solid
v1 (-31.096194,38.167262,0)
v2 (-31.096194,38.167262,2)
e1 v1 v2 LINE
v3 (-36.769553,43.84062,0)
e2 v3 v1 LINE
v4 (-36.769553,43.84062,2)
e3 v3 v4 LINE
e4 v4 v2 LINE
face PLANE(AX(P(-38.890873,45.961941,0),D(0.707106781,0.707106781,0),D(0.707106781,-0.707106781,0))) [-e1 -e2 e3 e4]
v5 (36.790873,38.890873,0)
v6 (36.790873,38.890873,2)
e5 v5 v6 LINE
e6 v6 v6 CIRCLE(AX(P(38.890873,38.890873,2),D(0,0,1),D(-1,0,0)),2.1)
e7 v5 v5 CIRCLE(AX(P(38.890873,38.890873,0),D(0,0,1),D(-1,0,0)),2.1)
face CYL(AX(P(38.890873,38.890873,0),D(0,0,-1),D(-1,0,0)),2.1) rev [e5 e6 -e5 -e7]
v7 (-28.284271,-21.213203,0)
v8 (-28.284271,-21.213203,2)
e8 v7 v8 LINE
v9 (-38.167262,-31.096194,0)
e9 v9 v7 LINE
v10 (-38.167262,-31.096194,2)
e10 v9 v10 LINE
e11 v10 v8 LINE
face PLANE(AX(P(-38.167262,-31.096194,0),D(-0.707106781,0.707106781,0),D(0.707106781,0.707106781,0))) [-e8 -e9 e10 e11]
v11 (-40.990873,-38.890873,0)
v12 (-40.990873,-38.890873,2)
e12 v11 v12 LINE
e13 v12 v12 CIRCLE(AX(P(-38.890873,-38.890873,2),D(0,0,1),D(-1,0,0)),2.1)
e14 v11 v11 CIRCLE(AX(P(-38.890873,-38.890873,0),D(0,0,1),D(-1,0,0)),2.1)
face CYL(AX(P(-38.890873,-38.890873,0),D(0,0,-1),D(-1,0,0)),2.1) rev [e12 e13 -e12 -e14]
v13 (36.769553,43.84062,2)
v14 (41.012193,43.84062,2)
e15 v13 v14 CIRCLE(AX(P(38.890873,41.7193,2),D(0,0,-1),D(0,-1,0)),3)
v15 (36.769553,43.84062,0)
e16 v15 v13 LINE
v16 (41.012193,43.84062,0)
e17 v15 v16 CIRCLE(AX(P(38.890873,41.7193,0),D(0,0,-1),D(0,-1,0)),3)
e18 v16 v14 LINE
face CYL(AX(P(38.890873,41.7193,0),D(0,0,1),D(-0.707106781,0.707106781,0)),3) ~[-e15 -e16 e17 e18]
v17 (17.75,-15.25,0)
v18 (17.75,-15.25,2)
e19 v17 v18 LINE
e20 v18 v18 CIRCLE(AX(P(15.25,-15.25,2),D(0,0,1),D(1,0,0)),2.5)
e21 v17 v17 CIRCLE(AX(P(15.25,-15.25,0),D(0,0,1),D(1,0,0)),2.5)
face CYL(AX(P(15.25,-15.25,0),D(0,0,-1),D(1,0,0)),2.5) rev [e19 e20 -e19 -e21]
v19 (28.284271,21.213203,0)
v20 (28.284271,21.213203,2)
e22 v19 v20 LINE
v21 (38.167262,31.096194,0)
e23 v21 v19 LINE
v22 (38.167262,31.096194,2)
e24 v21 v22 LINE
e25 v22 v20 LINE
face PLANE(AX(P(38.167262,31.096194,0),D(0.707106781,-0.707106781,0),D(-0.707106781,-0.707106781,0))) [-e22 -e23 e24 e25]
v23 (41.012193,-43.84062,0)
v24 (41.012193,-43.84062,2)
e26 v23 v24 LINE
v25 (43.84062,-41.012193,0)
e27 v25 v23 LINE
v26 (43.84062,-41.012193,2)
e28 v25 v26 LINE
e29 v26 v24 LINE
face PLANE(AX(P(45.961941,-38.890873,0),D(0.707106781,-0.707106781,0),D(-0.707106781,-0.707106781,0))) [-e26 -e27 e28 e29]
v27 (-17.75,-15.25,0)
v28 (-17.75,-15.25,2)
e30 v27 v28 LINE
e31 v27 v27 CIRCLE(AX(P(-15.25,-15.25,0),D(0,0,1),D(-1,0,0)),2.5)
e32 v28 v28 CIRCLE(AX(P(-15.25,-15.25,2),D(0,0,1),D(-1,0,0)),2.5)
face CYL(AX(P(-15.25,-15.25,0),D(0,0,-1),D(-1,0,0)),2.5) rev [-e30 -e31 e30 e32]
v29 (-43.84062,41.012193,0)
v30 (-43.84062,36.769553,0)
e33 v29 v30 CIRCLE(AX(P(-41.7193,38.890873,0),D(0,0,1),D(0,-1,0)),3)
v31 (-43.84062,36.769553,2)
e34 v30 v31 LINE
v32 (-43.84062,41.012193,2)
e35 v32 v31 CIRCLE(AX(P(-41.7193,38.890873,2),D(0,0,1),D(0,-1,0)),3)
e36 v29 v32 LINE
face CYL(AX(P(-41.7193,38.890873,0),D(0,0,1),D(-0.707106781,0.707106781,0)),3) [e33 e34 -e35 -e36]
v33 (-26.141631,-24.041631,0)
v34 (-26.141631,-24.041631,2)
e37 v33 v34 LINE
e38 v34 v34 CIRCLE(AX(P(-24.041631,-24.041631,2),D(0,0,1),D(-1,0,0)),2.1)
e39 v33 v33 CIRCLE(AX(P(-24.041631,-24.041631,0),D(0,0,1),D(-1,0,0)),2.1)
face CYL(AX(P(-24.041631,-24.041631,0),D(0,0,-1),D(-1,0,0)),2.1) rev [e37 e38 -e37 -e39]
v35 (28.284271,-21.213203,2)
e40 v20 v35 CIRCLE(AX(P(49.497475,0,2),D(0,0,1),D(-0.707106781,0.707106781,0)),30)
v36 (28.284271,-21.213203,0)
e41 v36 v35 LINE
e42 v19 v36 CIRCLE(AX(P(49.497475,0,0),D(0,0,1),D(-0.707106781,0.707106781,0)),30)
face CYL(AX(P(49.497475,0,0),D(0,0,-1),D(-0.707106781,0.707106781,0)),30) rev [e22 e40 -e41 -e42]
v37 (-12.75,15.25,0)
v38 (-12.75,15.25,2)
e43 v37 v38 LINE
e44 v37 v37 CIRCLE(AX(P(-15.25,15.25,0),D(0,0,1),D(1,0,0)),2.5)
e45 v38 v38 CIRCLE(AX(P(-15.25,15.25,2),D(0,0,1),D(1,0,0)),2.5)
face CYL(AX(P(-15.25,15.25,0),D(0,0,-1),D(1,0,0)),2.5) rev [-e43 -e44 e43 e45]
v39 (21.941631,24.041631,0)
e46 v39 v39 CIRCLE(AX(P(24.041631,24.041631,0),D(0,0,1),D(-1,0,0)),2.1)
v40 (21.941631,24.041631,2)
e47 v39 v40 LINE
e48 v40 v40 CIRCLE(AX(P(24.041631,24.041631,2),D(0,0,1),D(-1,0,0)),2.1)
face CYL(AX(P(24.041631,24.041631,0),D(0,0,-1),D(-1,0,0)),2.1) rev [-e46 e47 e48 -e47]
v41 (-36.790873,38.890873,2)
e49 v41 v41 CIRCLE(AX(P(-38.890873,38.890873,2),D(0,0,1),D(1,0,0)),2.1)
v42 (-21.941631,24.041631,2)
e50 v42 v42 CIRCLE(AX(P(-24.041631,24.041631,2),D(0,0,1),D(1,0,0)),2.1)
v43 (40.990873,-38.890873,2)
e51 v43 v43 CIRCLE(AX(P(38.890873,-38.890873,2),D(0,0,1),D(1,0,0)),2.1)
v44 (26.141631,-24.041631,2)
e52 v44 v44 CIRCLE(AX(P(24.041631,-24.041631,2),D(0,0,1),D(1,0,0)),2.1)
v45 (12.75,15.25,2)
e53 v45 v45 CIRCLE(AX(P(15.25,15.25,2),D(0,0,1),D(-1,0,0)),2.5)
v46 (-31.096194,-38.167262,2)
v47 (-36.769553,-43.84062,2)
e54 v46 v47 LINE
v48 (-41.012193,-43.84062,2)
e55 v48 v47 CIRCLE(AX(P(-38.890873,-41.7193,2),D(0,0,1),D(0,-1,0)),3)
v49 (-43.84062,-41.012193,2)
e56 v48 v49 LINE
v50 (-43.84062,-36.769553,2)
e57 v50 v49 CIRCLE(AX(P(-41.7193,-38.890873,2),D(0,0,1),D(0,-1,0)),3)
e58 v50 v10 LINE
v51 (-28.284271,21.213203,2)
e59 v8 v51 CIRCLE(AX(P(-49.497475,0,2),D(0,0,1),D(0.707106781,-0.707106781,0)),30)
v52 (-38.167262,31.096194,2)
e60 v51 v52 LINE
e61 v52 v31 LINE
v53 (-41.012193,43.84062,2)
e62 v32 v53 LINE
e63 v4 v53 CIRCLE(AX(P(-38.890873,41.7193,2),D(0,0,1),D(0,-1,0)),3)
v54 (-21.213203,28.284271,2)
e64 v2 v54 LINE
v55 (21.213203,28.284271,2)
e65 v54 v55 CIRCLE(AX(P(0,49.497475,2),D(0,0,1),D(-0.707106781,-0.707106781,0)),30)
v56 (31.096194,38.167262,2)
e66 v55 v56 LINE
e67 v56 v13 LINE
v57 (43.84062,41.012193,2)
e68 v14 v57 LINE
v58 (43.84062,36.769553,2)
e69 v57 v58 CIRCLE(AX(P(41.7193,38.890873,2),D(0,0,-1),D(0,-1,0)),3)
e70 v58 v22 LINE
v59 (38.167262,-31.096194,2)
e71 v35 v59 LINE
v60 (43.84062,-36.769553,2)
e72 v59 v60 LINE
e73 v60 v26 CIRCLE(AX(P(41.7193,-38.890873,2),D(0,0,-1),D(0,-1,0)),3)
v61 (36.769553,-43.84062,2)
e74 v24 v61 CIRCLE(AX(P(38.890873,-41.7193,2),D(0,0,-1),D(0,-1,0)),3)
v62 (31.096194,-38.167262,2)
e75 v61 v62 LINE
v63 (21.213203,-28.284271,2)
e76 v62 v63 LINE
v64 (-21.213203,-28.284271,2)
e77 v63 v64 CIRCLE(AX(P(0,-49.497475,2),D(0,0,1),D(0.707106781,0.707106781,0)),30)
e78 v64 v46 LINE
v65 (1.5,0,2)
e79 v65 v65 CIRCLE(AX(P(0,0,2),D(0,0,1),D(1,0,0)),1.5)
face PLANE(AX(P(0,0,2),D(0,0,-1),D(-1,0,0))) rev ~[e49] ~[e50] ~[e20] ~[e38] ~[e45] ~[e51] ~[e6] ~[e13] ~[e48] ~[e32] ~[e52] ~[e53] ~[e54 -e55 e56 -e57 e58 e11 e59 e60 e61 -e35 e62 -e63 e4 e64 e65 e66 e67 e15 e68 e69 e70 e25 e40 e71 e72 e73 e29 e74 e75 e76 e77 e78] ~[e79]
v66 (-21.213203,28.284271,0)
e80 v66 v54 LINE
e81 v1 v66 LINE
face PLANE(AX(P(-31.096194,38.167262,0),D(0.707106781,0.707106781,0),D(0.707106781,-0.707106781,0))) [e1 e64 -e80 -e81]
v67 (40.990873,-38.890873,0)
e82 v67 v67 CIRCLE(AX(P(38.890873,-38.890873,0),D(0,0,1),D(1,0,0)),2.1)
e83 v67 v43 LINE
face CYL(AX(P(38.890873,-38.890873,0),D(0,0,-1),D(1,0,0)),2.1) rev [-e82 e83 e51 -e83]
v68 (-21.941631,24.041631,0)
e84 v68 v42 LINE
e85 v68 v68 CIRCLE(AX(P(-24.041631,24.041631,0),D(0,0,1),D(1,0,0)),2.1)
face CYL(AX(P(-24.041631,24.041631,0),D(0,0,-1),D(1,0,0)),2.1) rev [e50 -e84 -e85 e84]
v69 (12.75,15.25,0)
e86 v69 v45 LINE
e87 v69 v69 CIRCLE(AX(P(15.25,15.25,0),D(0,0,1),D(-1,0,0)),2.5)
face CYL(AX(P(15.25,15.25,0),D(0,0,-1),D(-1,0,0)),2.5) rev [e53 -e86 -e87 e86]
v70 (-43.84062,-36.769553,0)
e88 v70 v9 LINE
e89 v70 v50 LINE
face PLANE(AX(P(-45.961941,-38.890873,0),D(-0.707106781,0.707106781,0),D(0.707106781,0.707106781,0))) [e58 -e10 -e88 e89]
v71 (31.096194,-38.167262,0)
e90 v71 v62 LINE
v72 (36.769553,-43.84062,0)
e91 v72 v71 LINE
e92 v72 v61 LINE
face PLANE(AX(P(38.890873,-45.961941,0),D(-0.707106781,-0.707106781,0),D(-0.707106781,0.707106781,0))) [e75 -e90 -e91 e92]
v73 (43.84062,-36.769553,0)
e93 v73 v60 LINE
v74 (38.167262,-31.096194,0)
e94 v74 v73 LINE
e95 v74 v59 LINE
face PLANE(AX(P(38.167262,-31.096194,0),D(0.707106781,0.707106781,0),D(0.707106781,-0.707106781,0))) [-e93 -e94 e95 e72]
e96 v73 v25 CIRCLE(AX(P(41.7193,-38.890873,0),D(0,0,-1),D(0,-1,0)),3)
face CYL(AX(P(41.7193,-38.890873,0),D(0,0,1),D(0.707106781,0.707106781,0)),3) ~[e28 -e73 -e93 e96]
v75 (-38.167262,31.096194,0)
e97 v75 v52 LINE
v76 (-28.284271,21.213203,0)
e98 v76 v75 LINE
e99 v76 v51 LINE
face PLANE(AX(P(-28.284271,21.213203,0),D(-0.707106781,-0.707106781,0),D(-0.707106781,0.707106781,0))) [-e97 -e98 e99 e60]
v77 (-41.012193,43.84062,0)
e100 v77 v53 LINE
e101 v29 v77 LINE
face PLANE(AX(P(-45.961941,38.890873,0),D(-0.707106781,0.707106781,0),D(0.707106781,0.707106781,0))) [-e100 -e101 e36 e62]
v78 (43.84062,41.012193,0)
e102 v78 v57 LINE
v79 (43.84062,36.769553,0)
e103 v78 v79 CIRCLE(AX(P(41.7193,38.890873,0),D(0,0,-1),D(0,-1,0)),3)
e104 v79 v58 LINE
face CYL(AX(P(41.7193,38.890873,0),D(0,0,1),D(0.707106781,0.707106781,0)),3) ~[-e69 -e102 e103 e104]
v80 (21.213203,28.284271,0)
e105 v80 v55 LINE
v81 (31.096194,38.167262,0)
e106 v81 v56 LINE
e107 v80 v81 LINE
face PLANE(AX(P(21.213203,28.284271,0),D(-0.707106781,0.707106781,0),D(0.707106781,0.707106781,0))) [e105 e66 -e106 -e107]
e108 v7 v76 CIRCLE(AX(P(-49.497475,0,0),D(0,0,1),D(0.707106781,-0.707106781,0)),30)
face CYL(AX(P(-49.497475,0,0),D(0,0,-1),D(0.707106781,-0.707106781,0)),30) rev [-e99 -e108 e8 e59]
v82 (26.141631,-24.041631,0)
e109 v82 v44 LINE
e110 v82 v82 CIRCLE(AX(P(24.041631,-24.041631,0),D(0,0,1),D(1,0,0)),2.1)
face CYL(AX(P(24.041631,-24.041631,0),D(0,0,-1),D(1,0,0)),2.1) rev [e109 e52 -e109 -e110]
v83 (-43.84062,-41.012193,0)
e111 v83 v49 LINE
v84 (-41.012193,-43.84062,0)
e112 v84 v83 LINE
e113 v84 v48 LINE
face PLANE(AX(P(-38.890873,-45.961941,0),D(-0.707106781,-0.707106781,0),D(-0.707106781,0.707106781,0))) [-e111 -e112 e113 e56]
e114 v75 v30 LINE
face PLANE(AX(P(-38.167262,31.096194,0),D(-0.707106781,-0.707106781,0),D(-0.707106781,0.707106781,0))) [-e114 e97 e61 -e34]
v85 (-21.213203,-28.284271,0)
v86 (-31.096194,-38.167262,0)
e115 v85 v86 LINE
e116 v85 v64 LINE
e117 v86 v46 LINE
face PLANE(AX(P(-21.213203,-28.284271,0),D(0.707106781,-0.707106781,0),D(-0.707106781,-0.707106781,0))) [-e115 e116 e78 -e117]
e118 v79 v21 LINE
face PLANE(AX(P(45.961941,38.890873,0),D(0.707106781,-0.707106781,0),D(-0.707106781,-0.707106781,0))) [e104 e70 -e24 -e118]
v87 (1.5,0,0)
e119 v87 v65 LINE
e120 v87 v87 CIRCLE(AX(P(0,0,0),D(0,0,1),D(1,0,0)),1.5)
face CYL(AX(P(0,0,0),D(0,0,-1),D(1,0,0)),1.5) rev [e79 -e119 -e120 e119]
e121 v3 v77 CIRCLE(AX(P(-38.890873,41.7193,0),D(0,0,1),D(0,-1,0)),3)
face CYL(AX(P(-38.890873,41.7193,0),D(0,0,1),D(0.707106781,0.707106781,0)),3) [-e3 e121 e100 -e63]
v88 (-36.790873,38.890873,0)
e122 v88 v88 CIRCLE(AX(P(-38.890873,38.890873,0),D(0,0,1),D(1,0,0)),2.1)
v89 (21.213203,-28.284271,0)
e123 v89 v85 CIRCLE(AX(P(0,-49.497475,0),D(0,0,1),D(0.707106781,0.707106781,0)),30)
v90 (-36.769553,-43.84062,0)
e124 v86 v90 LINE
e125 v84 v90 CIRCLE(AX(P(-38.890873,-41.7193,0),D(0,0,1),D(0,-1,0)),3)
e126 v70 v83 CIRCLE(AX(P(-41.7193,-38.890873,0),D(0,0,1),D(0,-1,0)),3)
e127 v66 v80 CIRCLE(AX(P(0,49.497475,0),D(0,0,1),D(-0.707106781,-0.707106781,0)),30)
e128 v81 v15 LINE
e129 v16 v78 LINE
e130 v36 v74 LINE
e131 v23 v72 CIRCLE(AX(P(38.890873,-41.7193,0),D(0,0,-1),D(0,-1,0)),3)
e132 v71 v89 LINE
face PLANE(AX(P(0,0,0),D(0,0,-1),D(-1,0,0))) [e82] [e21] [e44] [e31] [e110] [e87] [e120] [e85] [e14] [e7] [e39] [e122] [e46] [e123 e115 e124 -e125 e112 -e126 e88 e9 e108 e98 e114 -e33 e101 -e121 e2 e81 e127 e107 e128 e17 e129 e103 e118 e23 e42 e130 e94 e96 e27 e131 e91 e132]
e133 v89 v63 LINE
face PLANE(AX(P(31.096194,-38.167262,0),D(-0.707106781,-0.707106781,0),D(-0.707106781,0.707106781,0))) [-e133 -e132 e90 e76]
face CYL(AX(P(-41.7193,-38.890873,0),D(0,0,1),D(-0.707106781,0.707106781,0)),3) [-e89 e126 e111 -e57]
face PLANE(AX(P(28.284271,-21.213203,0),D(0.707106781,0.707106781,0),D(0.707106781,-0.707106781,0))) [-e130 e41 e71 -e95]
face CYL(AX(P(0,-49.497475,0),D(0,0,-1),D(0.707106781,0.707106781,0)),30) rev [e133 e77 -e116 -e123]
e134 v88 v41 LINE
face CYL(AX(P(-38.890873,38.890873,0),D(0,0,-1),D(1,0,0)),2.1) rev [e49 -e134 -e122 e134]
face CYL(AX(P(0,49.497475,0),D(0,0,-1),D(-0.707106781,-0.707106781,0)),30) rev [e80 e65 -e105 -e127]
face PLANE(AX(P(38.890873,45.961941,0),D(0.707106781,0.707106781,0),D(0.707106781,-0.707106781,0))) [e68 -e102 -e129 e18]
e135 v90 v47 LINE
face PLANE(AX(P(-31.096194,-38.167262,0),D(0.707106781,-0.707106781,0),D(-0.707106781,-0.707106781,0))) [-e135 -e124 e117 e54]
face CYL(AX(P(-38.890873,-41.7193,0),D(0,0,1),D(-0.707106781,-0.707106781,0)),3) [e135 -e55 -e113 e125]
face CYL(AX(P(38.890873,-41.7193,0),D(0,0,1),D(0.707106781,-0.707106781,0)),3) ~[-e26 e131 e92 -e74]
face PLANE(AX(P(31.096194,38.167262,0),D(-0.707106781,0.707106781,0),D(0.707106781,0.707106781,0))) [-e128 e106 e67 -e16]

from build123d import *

# Parameters (mm, degrees)
CROQUIS1_R              = 2.5
CROQUIS1_R_2            = 2.1
CROQUIS1_R_3            = 1.5
SALIENTE_EXTRUIR1_DEPTH = 2
REDONDEO3_R             = 3


with BuildPart() as part:
    # Croquis1 → Saliente-Extruir1 (new body)
    with BuildSketch(Plane.XY):
        with BuildLine():
            Line((-31.096194078, 38.16726189), (-21.213203436, 28.284271247))
            ThreePointArc((-21.213203436, 28.284271247), (0, 19.497474683), (21.213203436, 28.284271247))
            Line((21.213203436, 28.284271247), (31.096194078, 38.16726189))
            Line((31.096194078, 38.16726189), (38.890872965, 45.961940777))
            Line((38.890872965, 45.961940777), (42.426406871, 42.426406871))
            Line((42.426406871, 42.426406871), (45.961940777, 38.890872965))
            Line((45.961940777, 38.890872965), (38.16726189, 31.096194078))
            Line((38.16726189, 31.096194078), (28.284271247, 21.213203436))
            ThreePointArc((28.284271247, 21.213203436), (19.497474683, 0), (28.284271247, -21.213203436))
            Line((28.284271247, -21.213203436), (38.16726189, -31.096194078))
            Line((38.16726189, -31.096194078), (45.961940777, -38.890872965))
            Line((45.961940777, -38.890872965), (42.426406871, -42.426406871))
            Line((42.426406871, -42.426406871), (38.890872965, -45.961940777))
            Line((38.890872965, -45.961940777), (31.096194078, -38.16726189))
            Line((31.096194078, -38.16726189), (21.213203436, -28.284271247))
            ThreePointArc((21.213203436, -28.284271247), (0, -19.497474683), (-21.213203436, -28.284271247))
            Line((-21.213203436, -28.284271247), (-31.096194078, -38.16726189))
            Line((-31.096194078, -38.16726189), (-38.890872965, -45.961940777))
            Line((-38.890872965, -45.961940777), (-42.426406871, -42.426406871))
            Line((-42.426406871, -42.426406871), (-45.961940777, -38.890872965))
            Line((-45.961940777, -38.890872965), (-38.16726189, -31.096194078))
            Line((-38.16726189, -31.096194078), (-28.284271247, -21.213203436))
            ThreePointArc((-28.284271247, -21.213203436), (-19.497474683, 0), (-28.284271247, 21.213203436))
            Line((-28.284271247, 21.213203436), (-38.16726189, 31.096194078))
            Line((-38.16726189, 31.096194078), (-45.961940777, 38.890872965))
            Line((-45.961940777, 38.890872965), (-42.426406871, 42.426406871))
            Line((-42.426406871, 42.426406871), (-38.890872965, 45.961940777))
            Line((-38.890872965, 45.961940777), (-31.096194078, 38.16726189))
        make_face()
        with Locations((-15.25, 15.25)):
            Circle(CROQUIS1_R, mode=Mode.SUBTRACT)
        with Locations((-24.04163056, 24.04163056)):
            Circle(CROQUIS1_R_2, mode=Mode.SUBTRACT)
        with Locations((-38.890872965, 38.890872965)):
            Circle(CROQUIS1_R_2, mode=Mode.SUBTRACT)
        with Locations(Location((38.890872965, 38.890872965, 0), (0, 0, 180))):
            Circle(CROQUIS1_R_2, mode=Mode.SUBTRACT)
        with Locations(Location((24.04163056, 24.04163056, 0), (0, 0, 180))):
            Circle(CROQUIS1_R_2, mode=Mode.SUBTRACT)
        with Locations(Location((15.25, 15.25, 0), (0, 0, 180))):
            Circle(CROQUIS1_R, mode=Mode.SUBTRACT)
        with Locations((15.25, -15.25)):
            Circle(CROQUIS1_R, mode=Mode.SUBTRACT)
        with Locations((24.04163056, -24.04163056)):
            Circle(CROQUIS1_R_2, mode=Mode.SUBTRACT)
        with Locations((38.890872965, -38.890872965)):
            Circle(CROQUIS1_R_2, mode=Mode.SUBTRACT)
        with Locations(Location((-15.25, -15.25, 0), (0, 0, 180))):
            Circle(CROQUIS1_R, mode=Mode.SUBTRACT)
        with Locations(Location((-24.04163056, -24.04163056, 0), (0, 0, 180))):
            Circle(CROQUIS1_R_2, mode=Mode.SUBTRACT)
        with Locations(Location((-38.890872965, -38.890872965, 0), (0, 0, 180))):
            Circle(CROQUIS1_R_2, mode=Mode.SUBTRACT)
        Circle(CROQUIS1_R_3, mode=Mode.SUBTRACT)
    extrude(amount=SALIENTE_EXTRUIR1_DEPTH)

    # Redondeo3
    redondeo3_edges = [part.edges().sort_by_distance(p)[0] for p in [
        (-38.890872965, 45.961940777, 1),
        (38.890872965, 45.961940777, 1),
        (45.961940777, 38.890872965, 1),
        (45.961940777, -38.890872965, 1),
        (38.890872965, -45.961940777, 1),
        (-38.890872965, -45.961940777, 1),
        (-45.961940777, -38.890872965, 1),
        (-45.961940777, 38.890872965, 1),
    ]]
    fillet(redondeo3_edges, radius=REDONDEO3_R)


solid = part.part
